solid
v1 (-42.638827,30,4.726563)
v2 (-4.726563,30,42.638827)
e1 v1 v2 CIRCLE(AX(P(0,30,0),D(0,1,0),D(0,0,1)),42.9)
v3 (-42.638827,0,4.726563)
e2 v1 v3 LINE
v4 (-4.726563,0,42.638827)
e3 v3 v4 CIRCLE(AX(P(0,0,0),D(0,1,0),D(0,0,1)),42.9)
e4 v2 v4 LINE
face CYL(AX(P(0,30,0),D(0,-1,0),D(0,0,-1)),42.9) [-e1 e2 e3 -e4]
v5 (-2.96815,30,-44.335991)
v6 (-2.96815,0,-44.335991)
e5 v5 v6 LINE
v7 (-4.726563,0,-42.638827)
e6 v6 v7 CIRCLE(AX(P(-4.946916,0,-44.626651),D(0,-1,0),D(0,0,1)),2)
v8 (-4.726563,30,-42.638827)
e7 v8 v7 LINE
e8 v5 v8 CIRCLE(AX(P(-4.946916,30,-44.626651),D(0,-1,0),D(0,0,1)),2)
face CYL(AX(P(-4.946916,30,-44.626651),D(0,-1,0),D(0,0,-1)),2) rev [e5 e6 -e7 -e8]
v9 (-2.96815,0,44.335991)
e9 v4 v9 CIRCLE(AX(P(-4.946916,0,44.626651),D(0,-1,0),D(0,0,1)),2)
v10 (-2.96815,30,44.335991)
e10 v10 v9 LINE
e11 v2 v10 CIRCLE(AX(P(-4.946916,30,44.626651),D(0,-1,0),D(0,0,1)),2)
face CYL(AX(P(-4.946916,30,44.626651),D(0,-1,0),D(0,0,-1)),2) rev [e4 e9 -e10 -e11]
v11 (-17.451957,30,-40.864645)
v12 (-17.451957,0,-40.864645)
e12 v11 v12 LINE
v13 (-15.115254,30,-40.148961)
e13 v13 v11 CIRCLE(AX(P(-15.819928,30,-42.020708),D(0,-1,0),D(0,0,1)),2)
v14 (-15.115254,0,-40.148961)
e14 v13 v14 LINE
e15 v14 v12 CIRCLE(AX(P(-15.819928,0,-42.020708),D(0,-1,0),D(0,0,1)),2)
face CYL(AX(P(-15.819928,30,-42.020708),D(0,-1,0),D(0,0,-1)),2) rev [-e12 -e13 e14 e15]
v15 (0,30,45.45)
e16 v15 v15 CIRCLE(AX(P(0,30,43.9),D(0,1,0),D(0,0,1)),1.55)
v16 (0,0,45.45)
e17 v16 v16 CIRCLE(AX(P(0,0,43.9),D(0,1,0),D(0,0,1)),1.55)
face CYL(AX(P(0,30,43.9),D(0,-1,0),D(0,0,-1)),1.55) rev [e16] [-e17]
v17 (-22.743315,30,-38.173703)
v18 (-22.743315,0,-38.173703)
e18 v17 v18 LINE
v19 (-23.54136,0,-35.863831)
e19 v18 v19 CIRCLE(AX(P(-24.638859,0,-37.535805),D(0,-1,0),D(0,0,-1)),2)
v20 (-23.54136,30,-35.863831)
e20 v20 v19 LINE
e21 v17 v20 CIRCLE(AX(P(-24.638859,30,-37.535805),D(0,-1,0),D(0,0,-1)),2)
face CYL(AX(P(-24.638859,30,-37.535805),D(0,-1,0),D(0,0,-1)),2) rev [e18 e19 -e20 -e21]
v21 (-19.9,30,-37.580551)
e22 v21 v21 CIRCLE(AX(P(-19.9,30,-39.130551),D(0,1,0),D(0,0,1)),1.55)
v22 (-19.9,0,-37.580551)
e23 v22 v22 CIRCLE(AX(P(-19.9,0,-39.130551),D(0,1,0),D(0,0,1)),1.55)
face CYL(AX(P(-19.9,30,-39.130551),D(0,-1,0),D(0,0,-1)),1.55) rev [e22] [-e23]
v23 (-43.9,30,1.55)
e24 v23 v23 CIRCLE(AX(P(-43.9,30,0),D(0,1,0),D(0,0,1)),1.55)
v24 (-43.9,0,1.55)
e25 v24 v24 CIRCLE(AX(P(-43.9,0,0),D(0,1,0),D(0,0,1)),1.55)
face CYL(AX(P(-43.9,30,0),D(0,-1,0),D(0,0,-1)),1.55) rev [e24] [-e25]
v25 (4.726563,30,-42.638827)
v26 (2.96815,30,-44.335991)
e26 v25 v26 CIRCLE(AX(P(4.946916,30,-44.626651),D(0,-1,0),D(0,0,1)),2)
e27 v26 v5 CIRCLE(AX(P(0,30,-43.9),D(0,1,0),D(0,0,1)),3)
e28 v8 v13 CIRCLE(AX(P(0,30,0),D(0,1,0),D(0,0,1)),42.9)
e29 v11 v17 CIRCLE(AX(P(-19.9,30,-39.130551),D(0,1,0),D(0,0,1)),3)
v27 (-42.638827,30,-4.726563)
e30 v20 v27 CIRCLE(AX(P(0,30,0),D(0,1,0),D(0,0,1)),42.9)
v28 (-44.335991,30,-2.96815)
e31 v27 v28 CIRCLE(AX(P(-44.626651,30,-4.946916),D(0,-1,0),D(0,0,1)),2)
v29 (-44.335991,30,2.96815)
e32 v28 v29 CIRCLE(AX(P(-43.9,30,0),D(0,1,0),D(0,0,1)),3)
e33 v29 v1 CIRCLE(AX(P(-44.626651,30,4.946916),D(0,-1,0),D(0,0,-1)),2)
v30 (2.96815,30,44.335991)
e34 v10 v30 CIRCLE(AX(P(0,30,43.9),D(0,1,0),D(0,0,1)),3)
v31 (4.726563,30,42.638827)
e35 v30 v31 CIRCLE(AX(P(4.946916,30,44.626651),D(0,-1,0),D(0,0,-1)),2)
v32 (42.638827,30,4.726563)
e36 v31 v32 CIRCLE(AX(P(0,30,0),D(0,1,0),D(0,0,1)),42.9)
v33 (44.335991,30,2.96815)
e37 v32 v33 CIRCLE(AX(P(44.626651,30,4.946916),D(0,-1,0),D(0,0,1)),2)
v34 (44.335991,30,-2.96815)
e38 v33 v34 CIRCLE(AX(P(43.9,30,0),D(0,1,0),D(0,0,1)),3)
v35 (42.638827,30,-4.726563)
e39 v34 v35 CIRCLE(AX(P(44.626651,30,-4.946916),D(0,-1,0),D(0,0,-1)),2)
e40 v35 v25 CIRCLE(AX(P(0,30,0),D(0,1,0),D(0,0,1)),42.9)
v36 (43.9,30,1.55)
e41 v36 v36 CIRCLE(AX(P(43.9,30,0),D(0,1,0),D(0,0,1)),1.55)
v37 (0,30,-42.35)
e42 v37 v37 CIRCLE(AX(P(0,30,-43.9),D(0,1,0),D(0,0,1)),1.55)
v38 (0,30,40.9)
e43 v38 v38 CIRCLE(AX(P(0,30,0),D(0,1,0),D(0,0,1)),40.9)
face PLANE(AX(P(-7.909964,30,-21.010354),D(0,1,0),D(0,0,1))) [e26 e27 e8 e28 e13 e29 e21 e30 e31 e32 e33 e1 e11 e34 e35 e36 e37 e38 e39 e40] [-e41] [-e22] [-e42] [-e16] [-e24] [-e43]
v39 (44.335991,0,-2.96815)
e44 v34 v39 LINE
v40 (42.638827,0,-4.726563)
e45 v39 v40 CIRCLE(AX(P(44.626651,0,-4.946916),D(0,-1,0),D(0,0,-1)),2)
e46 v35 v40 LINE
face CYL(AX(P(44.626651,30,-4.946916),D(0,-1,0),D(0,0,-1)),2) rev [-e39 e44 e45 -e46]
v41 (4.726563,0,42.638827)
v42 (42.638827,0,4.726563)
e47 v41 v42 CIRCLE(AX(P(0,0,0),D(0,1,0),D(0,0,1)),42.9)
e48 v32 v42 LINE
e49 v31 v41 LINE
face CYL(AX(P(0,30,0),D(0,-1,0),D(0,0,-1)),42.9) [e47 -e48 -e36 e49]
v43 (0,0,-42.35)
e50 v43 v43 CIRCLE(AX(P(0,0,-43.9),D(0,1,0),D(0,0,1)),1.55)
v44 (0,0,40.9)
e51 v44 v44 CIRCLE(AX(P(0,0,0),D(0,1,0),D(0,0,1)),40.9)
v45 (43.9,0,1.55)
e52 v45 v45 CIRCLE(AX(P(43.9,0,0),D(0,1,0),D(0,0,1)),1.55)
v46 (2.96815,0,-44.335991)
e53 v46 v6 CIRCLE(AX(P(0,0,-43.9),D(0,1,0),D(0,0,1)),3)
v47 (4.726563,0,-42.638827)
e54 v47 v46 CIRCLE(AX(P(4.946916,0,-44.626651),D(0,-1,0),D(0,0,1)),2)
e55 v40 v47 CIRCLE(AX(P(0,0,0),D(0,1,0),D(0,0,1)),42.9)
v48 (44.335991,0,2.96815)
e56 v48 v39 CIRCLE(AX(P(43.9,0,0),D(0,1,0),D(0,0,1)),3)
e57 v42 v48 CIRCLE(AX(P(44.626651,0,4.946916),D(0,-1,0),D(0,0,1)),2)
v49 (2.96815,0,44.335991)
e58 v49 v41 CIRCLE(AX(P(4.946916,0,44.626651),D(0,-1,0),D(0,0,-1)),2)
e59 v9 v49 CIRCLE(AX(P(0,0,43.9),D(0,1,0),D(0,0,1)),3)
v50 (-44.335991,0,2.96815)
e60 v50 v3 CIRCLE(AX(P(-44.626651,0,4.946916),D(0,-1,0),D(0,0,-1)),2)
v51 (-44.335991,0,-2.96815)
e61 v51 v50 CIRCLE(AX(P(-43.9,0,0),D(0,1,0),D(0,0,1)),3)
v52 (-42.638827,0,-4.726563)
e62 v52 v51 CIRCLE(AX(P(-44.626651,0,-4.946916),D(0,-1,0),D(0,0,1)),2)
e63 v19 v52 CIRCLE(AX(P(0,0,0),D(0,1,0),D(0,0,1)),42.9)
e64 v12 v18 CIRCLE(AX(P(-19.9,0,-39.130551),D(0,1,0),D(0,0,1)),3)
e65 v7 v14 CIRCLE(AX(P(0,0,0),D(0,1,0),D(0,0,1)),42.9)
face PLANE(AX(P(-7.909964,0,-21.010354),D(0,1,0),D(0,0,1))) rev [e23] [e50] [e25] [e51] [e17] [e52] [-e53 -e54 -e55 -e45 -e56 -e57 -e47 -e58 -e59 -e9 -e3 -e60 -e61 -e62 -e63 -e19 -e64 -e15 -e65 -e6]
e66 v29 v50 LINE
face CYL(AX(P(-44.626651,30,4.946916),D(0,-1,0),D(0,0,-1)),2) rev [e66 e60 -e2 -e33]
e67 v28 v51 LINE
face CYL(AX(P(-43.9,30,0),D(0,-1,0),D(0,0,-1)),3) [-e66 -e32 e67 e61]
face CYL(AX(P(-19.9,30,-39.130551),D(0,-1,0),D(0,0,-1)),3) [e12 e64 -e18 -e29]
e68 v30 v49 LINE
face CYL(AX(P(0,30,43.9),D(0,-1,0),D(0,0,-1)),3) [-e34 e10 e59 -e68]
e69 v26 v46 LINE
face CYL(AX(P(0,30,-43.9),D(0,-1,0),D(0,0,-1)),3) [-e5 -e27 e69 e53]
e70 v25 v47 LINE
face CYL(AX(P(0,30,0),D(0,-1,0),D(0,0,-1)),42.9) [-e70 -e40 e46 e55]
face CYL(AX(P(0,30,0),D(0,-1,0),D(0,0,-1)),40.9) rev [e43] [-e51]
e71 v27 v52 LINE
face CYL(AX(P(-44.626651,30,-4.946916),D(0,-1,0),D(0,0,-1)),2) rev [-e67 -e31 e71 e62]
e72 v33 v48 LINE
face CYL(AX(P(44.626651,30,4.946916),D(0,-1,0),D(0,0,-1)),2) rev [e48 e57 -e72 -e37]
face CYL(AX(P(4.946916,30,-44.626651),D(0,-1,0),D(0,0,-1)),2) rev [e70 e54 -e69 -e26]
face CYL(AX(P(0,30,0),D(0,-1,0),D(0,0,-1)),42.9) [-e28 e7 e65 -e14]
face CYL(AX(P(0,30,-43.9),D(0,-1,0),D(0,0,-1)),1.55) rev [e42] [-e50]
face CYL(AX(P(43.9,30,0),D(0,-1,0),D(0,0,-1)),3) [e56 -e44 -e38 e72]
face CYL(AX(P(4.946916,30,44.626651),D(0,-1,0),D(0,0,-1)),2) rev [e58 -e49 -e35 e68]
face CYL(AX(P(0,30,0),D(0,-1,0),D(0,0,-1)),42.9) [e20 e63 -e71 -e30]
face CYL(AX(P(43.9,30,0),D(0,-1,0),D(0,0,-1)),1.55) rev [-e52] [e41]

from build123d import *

# Parameters (mm, degrees)
SKETCH_1_R      = 40.9
SKETCH_1_R_2    = 1.55
EXTRUDE_1_DEPTH = 30


with BuildPart() as part:
    # 草图1 → 凸台-拉伸1 (new body)
    with BuildSketch(Plane(origin=(0, 0, 0), x_dir=(1, 0, 0), z_dir=(0, 1, 0))):
        with BuildLine():
            ThreePointArc((2.968149583, 44.335990888), (0, 46.9), (-2.968149583, 44.335990888))
            ThreePointArc((-2.968149583, 44.335990888), (-3.557987573, 43.187596963), (-4.726563367, 42.638827361))
            ThreePointArc((-4.726563367, 42.638827361), (-9.998714121, 41.718529647), (-15.115253688, 40.148961455))
            ThreePointArc((-15.115253688, 40.148961455), (-16.405630214, 40.108391944), (-17.451956512, 40.864645036))
            ThreePointArc((-17.451956512, 40.864645036), (-21.259908884, 41.80462025), (-22.74331541, 38.173703045))
            ThreePointArc((-22.74331541, 38.173703045), (-22.748500974, 36.882699338), (-23.541359728, 35.863831114))
            ThreePointArc((-23.541359728, 35.863831114), (-36.569613773, 22.429296657), (-42.638827361, 4.726563367))
            ThreePointArc((-42.638827361, 4.726563367), (-43.187596963, 3.557987573), (-44.335990888, 2.968149583))
            ThreePointArc((-44.335990888, 2.968149583), (-46.9, 0), (-44.335990888, -2.968149583))
            ThreePointArc((-44.335990888, -2.968149583), (-43.187596963, -3.557987573), (-42.638827361, -4.726563367))
            ThreePointArc((-42.638827361, -4.726563367), (-30.334880913, -30.334880913), (-4.726563367, -42.638827361))
            ThreePointArc((-4.726563367, -42.638827361), (-3.557987573, -43.187596963), (-2.968149583, -44.335990888))
            ThreePointArc((-2.968149583, -44.335990888), (0, -46.9), (2.968149583, -44.335990888))
            ThreePointArc((2.968149583, -44.335990888), (3.557987573, -43.187596963), (4.726563367, -42.638827361))
            ThreePointArc((4.726563367, -42.638827361), (30.334880913, -30.334880913), (42.638827361, -4.726563367))
            ThreePointArc((42.638827361, -4.726563367), (43.187596963, -3.557987573), (44.335990888, -2.968149583))
            ThreePointArc((44.335990888, -2.968149583), (46.9, 0), (44.335990888, 2.968149583))
            ThreePointArc((44.335990888, 2.968149583), (43.187596963, 3.557987573), (42.638827361, 4.726563367))
            ThreePointArc((42.638827361, 4.726563367), (30.334880913, 30.334880913), (4.726563367, 42.638827361))
            ThreePointArc((4.726563367, 42.638827361), (3.557987573, 43.187596963), (2.968149583, 44.335990888))
        make_face()
        Circle(SKETCH_1_R, mode=Mode.SUBTRACT)
        with Locations((0, 43.9)):
            Circle(SKETCH_1_R_2, mode=Mode.SUBTRACT)
        with Locations((43.9, 0)):
            Circle(SKETCH_1_R_2, mode=Mode.SUBTRACT)
        with Locations((0, -43.9)):
            Circle(SKETCH_1_R_2, mode=Mode.SUBTRACT)
        with Locations((-43.9, 0)):
            Circle(SKETCH_1_R_2, mode=Mode.SUBTRACT)
        with Locations((-19.9, 39.130550724)):
            Circle(SKETCH_1_R_2, mode=Mode.SUBTRACT)
    extrude(amount=EXTRUDE_1_DEPTH)


solid = part.part
